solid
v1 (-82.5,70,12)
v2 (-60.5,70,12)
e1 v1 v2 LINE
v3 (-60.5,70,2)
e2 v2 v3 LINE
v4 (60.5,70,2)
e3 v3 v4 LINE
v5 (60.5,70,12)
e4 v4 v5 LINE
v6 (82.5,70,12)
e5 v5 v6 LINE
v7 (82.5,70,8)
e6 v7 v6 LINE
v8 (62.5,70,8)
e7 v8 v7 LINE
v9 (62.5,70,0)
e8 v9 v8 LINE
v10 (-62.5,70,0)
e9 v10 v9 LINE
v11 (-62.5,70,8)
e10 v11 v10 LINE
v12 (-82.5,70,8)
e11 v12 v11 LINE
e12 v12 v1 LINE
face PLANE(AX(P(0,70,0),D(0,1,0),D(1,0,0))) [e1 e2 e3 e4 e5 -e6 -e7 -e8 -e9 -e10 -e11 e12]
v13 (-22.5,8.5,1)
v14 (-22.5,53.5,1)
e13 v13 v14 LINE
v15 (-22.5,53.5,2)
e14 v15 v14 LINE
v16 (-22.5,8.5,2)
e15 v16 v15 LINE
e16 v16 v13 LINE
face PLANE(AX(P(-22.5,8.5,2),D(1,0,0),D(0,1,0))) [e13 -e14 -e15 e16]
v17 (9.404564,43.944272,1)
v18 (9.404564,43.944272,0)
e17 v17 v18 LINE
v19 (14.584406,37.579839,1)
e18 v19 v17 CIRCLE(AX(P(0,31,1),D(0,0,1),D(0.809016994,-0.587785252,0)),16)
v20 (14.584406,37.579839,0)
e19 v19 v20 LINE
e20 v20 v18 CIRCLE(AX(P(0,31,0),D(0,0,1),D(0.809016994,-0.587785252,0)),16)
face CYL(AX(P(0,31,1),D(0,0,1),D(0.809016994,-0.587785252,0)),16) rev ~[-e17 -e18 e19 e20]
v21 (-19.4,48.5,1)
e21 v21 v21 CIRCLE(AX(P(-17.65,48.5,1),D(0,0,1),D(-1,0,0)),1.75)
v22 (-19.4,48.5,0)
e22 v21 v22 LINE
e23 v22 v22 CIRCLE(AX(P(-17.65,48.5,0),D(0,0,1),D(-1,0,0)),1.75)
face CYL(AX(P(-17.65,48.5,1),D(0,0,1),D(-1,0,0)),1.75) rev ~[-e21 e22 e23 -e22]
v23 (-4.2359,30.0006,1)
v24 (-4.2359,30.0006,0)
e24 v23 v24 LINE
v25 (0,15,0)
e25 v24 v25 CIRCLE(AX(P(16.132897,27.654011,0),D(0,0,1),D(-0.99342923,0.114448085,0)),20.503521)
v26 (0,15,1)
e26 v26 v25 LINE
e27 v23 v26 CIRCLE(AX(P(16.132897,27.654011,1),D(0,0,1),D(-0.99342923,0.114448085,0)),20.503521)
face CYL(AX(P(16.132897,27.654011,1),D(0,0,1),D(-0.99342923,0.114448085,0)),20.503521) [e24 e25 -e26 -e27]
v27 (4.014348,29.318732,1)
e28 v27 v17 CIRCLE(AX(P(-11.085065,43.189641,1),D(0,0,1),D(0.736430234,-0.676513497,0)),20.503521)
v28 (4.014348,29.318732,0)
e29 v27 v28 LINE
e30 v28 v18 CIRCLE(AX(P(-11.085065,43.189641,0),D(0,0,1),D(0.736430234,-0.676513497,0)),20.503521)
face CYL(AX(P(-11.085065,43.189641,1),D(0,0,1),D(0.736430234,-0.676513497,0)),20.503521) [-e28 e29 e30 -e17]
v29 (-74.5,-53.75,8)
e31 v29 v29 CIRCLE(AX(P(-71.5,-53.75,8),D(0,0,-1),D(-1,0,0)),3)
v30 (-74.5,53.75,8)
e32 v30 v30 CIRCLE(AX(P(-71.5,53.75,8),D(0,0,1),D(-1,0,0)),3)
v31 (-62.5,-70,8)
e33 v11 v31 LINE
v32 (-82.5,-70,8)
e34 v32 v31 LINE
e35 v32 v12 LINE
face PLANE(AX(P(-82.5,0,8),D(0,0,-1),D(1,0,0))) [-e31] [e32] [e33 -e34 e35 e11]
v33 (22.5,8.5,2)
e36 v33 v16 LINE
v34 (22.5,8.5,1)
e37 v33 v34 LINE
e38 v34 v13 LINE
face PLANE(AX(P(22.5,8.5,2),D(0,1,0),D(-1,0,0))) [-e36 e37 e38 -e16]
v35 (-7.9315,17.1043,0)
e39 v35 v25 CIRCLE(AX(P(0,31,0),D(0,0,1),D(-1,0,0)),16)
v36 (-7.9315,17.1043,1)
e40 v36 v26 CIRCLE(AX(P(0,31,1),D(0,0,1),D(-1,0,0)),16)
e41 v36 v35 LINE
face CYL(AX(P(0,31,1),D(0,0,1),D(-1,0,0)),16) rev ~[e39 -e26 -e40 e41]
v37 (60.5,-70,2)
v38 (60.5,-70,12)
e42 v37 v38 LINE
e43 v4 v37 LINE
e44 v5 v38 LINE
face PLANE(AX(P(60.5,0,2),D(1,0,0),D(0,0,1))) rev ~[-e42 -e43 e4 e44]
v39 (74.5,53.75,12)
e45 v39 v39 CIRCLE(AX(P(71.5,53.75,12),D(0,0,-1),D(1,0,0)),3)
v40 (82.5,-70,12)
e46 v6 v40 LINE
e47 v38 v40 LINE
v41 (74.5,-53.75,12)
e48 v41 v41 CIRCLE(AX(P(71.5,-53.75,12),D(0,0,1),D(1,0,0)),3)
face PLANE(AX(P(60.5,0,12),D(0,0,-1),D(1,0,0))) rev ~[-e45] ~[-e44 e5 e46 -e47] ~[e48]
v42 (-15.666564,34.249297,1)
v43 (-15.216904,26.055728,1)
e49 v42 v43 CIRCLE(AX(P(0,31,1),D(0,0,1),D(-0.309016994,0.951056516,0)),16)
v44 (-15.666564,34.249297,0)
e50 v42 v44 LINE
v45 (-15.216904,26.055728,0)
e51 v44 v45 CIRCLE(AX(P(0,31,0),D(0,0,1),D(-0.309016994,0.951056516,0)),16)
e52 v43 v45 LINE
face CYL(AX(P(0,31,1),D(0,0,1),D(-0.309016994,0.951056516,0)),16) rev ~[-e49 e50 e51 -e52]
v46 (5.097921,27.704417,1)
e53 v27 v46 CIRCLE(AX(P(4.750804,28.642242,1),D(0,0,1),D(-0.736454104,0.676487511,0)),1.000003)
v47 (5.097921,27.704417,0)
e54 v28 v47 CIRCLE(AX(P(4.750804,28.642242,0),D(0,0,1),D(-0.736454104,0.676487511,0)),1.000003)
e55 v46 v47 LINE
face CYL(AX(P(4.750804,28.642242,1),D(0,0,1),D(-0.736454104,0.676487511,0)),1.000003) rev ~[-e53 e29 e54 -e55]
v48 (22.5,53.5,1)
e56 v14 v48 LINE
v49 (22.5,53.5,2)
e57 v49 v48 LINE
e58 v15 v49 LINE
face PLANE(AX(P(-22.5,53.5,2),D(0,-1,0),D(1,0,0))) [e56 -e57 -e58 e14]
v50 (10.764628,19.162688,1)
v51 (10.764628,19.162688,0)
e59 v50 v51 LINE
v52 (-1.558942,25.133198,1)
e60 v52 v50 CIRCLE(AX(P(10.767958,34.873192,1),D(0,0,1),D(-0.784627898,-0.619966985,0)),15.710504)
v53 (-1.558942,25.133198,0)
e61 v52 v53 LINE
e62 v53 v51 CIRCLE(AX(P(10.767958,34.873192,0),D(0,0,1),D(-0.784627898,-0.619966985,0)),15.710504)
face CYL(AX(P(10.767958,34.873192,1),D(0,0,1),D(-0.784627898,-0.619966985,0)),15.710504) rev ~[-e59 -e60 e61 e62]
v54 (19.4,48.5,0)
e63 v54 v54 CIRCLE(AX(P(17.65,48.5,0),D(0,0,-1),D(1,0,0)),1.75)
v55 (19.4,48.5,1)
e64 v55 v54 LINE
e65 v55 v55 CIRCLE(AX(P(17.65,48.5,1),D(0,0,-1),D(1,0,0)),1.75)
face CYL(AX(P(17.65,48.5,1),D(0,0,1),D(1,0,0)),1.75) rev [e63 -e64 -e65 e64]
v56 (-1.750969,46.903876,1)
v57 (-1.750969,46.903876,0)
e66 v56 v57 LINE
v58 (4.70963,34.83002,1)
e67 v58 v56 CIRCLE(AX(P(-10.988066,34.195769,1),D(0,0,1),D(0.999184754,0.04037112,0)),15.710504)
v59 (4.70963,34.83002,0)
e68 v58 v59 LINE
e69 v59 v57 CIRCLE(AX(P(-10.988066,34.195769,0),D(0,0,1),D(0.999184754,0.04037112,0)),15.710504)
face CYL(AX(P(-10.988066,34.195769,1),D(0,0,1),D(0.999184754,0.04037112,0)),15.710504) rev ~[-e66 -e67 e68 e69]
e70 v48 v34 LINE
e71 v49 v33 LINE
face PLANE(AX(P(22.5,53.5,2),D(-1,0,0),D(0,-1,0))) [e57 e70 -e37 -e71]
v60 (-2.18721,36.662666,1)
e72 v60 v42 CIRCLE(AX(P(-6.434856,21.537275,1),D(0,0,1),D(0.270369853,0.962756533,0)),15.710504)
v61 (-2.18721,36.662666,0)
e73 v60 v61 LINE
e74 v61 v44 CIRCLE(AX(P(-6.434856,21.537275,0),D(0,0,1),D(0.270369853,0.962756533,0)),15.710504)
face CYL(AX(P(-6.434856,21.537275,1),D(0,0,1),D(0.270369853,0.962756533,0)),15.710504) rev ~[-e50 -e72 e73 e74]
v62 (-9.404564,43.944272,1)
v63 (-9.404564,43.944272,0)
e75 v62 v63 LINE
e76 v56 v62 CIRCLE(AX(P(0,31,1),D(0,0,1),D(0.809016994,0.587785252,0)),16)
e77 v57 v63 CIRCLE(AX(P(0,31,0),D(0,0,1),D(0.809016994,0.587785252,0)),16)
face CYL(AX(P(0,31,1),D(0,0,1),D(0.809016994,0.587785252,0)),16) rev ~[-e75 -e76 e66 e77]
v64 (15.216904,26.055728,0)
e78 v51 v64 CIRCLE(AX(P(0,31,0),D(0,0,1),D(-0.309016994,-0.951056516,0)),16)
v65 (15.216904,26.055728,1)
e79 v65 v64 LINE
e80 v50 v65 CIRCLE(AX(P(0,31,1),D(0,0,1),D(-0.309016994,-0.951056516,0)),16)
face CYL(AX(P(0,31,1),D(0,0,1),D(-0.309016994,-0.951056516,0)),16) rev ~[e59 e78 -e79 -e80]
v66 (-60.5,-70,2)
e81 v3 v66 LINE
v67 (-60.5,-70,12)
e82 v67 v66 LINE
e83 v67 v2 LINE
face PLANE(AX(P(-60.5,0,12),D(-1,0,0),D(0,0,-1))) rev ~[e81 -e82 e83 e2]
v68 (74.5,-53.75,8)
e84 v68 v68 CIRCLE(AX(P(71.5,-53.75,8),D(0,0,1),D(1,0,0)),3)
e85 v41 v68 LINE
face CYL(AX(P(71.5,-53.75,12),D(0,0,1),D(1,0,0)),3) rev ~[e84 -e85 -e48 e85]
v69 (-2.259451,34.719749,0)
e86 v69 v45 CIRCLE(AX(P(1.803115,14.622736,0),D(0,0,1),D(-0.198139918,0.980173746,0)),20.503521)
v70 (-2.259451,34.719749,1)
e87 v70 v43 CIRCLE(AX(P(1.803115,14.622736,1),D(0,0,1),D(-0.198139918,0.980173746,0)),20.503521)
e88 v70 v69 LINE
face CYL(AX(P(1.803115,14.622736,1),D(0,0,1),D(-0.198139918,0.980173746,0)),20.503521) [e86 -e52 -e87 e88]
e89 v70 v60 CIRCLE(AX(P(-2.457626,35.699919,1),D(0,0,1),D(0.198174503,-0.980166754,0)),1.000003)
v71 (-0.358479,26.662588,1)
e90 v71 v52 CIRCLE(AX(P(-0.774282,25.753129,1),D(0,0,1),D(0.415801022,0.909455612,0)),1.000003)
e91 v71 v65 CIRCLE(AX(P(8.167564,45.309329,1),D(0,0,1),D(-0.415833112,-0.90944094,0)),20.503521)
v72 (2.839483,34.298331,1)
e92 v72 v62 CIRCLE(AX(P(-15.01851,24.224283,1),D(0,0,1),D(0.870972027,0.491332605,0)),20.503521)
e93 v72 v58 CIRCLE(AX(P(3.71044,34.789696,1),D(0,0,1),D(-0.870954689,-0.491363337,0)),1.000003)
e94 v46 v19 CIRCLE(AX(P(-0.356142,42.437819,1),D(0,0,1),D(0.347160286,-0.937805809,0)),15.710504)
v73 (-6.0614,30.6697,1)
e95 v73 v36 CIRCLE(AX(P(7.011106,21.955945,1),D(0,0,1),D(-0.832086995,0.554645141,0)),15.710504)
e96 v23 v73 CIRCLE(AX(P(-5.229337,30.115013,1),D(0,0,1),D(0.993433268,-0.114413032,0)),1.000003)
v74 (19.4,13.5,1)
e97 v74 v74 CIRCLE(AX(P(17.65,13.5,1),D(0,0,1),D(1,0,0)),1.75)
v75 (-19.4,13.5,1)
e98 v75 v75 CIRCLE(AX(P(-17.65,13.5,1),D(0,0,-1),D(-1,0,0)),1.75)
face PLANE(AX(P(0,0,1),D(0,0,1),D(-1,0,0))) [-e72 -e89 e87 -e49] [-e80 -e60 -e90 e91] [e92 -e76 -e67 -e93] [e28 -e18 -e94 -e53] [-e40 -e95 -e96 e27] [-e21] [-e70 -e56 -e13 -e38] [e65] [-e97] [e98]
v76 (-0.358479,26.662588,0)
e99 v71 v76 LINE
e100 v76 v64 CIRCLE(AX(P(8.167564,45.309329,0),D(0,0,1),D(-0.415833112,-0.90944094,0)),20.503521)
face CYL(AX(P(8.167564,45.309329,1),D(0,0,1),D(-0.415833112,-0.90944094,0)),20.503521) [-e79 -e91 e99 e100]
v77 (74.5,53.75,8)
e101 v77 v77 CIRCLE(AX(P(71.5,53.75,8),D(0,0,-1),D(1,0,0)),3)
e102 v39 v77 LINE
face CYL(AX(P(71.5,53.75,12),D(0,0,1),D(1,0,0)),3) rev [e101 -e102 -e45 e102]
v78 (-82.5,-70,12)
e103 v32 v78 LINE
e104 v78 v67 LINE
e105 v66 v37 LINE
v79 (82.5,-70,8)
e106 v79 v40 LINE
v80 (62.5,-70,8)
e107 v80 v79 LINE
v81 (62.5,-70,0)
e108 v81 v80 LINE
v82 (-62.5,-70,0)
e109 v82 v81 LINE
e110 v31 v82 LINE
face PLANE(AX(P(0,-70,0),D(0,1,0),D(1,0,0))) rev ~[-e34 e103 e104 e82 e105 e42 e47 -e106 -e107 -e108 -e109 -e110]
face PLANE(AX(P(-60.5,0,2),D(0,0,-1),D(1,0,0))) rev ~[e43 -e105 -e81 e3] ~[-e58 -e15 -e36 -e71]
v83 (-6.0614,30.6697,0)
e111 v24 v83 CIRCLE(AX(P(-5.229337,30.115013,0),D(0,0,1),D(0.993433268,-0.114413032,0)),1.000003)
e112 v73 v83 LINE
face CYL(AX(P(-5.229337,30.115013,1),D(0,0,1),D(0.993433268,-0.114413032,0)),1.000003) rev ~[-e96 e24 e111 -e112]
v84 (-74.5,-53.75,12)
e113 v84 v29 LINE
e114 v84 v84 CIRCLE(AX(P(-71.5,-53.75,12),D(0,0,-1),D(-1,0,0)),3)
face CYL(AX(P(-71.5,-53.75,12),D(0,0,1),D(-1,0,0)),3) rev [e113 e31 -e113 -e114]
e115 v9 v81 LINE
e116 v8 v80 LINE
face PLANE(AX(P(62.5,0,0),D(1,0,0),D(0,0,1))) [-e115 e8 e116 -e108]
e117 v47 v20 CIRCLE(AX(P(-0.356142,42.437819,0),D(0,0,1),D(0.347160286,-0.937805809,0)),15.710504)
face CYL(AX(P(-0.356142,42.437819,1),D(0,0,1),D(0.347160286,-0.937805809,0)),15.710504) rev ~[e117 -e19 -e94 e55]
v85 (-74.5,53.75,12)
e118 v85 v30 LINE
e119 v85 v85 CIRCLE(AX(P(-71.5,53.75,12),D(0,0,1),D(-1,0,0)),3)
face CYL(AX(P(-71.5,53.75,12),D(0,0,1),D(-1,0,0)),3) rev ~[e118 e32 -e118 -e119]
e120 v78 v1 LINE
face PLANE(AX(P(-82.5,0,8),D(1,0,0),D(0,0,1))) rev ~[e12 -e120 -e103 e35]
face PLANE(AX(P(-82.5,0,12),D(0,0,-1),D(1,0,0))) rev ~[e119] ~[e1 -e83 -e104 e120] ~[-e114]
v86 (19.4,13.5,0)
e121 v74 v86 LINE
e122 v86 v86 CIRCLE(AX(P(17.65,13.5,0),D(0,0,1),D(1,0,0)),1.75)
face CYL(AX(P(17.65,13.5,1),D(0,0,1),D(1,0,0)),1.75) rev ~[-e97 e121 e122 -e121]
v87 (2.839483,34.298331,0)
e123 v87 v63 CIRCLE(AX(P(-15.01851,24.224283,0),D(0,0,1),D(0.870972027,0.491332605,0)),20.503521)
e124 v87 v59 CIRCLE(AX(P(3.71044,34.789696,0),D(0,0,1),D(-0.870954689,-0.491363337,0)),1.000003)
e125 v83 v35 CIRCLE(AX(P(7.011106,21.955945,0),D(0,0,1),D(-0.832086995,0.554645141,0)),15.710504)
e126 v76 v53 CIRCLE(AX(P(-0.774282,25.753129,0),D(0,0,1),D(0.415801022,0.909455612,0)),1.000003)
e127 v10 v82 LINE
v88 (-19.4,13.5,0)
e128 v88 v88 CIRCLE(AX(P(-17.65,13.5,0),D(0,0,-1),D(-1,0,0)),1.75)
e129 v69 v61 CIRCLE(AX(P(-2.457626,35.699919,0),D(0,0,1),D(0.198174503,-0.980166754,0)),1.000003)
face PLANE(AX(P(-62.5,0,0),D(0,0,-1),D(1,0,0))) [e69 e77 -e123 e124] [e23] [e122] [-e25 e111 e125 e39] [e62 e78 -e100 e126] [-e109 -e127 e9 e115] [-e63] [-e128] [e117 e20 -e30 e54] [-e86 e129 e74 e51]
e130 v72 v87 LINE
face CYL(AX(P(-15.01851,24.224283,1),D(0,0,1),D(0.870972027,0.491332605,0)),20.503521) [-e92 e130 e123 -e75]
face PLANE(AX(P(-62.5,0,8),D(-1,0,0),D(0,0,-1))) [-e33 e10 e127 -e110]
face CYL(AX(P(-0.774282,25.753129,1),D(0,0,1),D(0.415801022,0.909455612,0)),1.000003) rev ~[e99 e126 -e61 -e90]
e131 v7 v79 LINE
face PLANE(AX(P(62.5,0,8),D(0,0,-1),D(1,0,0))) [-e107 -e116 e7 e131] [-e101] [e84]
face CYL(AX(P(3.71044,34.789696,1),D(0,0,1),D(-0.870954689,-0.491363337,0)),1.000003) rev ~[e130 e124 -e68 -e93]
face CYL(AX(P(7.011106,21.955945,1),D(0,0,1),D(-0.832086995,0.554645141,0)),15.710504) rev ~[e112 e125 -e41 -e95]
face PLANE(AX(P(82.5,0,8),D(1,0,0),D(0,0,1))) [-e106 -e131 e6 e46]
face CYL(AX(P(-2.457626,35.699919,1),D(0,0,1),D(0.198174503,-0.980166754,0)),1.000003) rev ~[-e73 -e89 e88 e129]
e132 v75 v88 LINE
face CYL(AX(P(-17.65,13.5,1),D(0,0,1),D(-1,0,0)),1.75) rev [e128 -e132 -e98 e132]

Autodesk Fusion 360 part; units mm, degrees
sketch "extrusion" plane through (0, 0, 0) normal (0, 1, 0) x (1, 0, 0)
  line L0 (-82.5, -8) -> (-62.5, -8)
  line L1 (-62.5, -8) -> (-62.5, 0)
  line L2 (-62.5, 0) -> (62.5, 0)
  line L3 (62.5, 0) -> (62.5, -8)
  line L4 (62.5, -8) -> (82.5, -8)
  line L5 (-60.5, -12) -> (-60.5, -2)
  line L6 (-60.5, -2) -> (60.5, -2)
  line L7 (60.5, -2) -> (60.5, -12)
  line L8 (-82.5, -12) -> (-60.5, -12)
  line L9 (60.5, -12) -> (82.5, -12)
  line L10 (-82.5, -8) -> (-82.5, -12)
  line L11 (82.5, -8) -> (82.5, -12)
  dimension "d1" = 125
  dimension "d2" = 8
  dimension "d3" = 20
  dimension "d4" = 8
  dimension "d5" = 20
extrude "Extrude1" add sketch "extrusion" along normal mid plane 140
sketch "top holes" plane through (0, 0, 12) normal (0, 0, 1) x (-1, 0, 0)
  circle A0 centre (71.5, -53.75) radius 3
  line L0 (82.5, -70) -> (60.5, -70)
  dimension "d11" = 6
  dimension "d12" = 16.25
extrude "Extrude2" cut sketch "top holes" against normal blind 4
mirror "Mirror1" about plane through (0, 0, 0) normal (1, 0, 0) of "Extrude2"
mirror "Mirror2" about plane through (0, 0, 0) normal (0, 1, 0) of "Extrude2", "Mirror1"
sketch "square undent" plane through (0, 0, 2) normal (0, 0, 1) x (-1, 0, 0)
  line L0 (22.5, -53.5) -> (-22.5, -53.5)
  line L1 (-22.5, -53.5) -> (-22.5, -8.5)
  line L2 (-22.5, -8.5) -> (22.5, -8.5)
  line L3 (22.5, -8.5) -> (22.5, -53.5)
  line L4 (60.5, -70) -> (-60.5, -70)
  dimension "d17" = 45
  dimension "d18" = 45
  dimension "d19" = 16.5
extrude "Extrude3" cut sketch "square undent" against normal blind 1
sketch "square holes" plane through (0, 0, 1) normal (0, 0, 1) x (-1, 0, 0)
  circle A0 centre (17.65, -48.5) radius 1.75
  line L0 (22.5, -53.5) -> (-22.5, -53.5)
  line L1 (22.5, -8.5) -> (22.5, -53.5)
  line L2 (-22.5, -8.5) -> (22.5, -53.5) construction
  circle A1 centre (0, -31) radius 16
  arc A2 (4.2359, -30.0006) -> (0, -15) centre (-16.1329, -27.654) ccw
  arc A3 (6.0614, -30.6697) -> (7.9315, -17.1043) centre (-7.0111, -21.9559) ccw
  arc A4 (4.2359, -30.0006) -> (6.0614, -30.6697) centre (5.2293, -30.115) ccw
  dimension "d22" = 3.5
  dimension "d23" = 5
  dimension "d24" = 4.85
  dimension "d25" = 32
  dimension "d26" = 1
extrude "Extrude4" cut sketch "square holes" against normal blind 1 contours A0
ref_plane "WorkPlane1" through (0, 31, 1.5) normal (0, -1, 0) x (-1, 0, 0)
mirror "Mirror3" about plane through (0, 31, 1.5) normal (0, -1, 0) of "Extrude4"
mirror "Mirror4" about plane through (0, 0, 0) normal (1, 0, 0) of "Extrude4", "Mirror3"
extrude "Extrude5" cut sketch "square holes" against normal blind 1 contours A1 A2 A3 A4 picked at (5.7365, -18.2771)
pattern_circular "C-Pattern1" count 5 over 360 about axis through (0, 31, 1) along (0, 0, -1) of "Extrude5"
